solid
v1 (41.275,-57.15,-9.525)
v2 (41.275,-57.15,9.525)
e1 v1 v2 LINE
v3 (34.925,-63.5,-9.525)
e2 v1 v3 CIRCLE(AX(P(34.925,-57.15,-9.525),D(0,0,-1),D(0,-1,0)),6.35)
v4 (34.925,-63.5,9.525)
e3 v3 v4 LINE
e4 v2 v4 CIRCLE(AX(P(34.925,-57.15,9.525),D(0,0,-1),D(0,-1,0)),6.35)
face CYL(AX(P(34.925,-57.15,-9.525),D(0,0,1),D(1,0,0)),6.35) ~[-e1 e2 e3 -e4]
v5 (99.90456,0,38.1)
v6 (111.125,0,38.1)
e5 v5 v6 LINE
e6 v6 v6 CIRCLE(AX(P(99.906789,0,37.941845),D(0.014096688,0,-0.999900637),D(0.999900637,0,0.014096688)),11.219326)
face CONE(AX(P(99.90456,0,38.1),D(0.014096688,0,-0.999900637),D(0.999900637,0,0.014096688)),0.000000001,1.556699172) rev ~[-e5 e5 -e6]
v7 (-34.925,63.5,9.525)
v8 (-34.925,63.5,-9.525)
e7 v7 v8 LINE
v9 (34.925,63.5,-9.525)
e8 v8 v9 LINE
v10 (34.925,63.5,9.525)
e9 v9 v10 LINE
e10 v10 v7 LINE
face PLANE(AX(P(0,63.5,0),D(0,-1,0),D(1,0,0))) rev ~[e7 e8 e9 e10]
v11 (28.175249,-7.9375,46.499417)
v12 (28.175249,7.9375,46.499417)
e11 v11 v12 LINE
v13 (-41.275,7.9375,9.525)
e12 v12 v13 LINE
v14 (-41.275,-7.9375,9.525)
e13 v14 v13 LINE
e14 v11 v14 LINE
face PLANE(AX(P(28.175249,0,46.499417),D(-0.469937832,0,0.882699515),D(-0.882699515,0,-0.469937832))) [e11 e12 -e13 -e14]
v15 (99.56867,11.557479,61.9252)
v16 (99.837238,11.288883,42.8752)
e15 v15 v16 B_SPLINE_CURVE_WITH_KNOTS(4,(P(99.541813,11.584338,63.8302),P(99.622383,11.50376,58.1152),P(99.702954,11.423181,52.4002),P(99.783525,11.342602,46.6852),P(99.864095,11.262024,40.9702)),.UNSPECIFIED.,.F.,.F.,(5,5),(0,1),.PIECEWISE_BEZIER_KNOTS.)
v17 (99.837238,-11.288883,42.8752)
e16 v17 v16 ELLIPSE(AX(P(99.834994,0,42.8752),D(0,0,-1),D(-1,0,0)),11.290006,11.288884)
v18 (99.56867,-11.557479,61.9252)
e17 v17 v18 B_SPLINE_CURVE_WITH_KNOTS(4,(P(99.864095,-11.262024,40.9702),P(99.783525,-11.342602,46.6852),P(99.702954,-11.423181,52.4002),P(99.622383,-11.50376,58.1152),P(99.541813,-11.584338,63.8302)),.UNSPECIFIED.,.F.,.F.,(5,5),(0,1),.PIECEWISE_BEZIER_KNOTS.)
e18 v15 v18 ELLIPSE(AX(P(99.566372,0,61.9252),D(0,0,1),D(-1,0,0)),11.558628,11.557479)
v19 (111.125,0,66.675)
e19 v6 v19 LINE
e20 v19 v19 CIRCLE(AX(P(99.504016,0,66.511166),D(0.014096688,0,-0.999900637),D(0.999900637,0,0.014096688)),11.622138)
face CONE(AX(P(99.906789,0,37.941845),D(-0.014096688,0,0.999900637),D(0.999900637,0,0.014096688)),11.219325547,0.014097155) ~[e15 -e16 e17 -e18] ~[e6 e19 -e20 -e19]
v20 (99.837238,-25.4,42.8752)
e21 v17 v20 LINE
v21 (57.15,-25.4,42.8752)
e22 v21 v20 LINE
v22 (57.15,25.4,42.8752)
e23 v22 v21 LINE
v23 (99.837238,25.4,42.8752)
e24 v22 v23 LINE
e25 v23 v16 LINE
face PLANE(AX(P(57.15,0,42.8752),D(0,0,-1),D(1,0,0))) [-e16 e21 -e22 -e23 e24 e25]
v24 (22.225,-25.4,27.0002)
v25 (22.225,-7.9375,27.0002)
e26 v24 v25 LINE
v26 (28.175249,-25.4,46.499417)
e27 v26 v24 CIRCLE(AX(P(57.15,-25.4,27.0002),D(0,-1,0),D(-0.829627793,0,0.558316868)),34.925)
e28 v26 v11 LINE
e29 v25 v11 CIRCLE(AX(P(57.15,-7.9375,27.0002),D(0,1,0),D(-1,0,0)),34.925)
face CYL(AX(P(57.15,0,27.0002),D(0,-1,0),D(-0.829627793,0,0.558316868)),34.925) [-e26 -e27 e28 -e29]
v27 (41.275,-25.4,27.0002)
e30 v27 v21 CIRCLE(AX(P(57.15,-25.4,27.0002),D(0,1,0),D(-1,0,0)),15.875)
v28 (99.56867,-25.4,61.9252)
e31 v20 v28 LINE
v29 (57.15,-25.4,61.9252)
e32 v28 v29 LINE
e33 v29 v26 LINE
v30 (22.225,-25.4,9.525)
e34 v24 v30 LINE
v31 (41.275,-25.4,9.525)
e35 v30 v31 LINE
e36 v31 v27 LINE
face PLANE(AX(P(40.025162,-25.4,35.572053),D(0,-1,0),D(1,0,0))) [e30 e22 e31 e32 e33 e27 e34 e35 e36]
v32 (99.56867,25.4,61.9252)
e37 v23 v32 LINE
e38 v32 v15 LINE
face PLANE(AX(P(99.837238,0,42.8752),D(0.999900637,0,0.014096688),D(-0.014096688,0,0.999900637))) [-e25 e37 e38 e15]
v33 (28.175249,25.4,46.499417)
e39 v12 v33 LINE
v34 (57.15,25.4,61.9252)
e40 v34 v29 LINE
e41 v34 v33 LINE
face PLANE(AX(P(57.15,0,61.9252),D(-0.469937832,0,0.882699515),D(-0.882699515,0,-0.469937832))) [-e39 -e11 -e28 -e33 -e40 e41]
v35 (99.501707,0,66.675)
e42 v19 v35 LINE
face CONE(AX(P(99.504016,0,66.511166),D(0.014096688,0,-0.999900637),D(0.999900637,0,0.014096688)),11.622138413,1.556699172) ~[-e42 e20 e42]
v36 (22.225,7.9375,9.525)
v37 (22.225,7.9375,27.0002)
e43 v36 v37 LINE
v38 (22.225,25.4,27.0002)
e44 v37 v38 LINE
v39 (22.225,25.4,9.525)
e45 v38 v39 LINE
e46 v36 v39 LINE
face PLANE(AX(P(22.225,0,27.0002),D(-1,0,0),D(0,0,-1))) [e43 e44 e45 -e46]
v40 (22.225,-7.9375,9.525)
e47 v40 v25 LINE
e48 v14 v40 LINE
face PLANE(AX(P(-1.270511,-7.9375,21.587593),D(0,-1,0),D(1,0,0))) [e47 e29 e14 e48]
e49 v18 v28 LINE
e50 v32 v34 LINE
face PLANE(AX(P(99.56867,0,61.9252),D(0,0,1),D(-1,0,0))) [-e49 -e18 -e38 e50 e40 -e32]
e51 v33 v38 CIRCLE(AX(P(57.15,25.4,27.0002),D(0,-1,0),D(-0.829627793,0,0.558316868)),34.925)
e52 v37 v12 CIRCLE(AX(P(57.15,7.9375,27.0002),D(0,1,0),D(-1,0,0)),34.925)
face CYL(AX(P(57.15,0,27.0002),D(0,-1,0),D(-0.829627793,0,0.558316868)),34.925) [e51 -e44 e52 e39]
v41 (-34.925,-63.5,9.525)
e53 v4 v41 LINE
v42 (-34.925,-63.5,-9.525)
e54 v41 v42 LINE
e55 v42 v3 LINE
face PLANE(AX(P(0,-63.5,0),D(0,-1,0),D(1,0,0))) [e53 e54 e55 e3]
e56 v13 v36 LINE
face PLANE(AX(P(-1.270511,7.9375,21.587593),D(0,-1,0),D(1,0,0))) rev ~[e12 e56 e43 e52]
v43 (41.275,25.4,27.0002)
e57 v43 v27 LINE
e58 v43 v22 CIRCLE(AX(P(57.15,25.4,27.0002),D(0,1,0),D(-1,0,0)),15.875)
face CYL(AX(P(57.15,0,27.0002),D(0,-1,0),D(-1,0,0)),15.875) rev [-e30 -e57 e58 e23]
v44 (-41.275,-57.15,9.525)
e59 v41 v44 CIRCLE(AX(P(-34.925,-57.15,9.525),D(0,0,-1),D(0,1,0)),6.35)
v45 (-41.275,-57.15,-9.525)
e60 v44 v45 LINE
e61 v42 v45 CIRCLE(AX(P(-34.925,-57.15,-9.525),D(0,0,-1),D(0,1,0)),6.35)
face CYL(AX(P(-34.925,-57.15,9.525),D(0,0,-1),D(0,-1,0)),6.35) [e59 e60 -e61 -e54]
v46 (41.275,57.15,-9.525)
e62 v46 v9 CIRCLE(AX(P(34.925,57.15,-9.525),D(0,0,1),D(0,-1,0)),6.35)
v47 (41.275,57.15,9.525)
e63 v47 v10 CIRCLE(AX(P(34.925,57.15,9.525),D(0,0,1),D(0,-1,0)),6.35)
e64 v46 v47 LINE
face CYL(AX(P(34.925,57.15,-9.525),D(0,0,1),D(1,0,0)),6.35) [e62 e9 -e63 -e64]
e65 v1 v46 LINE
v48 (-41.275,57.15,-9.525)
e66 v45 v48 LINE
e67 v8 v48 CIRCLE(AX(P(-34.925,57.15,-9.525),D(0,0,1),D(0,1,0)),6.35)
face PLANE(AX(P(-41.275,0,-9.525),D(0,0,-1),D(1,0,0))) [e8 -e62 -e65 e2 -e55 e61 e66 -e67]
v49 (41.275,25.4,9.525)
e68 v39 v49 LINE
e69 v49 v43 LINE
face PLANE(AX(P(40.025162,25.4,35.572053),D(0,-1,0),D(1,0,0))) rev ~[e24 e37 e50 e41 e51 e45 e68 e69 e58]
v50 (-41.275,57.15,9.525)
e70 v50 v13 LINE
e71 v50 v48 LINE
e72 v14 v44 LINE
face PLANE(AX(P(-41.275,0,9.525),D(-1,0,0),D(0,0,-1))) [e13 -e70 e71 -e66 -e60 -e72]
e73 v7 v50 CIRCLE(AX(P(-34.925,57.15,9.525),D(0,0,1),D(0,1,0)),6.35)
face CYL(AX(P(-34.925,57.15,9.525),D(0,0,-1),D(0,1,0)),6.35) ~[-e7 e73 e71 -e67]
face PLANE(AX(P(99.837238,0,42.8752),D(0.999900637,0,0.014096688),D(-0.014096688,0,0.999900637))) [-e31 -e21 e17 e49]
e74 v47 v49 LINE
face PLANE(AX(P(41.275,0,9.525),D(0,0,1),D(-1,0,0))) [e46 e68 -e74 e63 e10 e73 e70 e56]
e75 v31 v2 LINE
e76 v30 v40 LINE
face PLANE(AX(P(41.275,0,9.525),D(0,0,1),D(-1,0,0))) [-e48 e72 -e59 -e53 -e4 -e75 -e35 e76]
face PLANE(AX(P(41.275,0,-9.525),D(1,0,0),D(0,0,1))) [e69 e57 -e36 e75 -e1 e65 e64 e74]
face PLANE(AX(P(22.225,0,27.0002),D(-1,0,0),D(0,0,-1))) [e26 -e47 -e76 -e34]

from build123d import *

# Parameters (mm, degrees)
F1_DEPTH = 63.5
F2_DEPTH = 25.4
F3_DEPTH = 7.9375
F5_R     = 6.35


with BuildPart() as f1:
    # F0 (on Front) → F1 (new body, symmetric)
    with BuildSketch(Plane.XZ):
        Polygon((41.275, -9.525), (41.275, 9.525), (22.225, 9.525), (-41.275, 9.525), (-41.275, -9.525), align=None)
    extrude(amount=F1_DEPTH, both=True)

    # F0 (on Front) → F2 (join, symmetric)
    with BuildSketch(Plane.XZ):
        with BuildLine():
            Line((22.225, 9.525), (41.275, 9.525))
            Line((41.275, 9.525), (41.275, 27.0002))
            ThreePointArc((41.275, 27.0002), (45.9246798487, 38.2255201513), (57.15, 42.8752))
            Line((57.15, 42.8752), (60.325, 42.8752))
            Line((60.325, 42.8752), (60.325, 61.9252))
            Line((60.325, 61.9252), (57.15, 61.9252))
            Line((57.15, 61.9252), (28.1752493255, 46.4994166087))
            ThreePointArc((28.1752493255, 46.4994166087), (23.7456680032, 37.1936404813), (22.225, 27.0002))
            Line((22.225, 27.0002), (22.225, 9.525))
        make_face()
        Polygon((60.325, 61.9252), (60.325, 42.8752), (99.8372383581, 42.8752), (99.5686697629, 61.9252), align=None)
    extrude(amount=F2_DEPTH, both=True)

    # F0 (on Front) → F3 (join, symmetric)
    with BuildSketch(Plane.XZ):
        with BuildLine():
            Line((-41.275, 9.525), (22.225, 9.525))
            Line((22.225, 9.525), (22.225, 27.0002))
            ThreePointArc((22.225, 27.0002), (23.7456680032, 37.1936404813), (28.1752493255, 46.4994166087))
            Line((28.1752493255, 46.4994166087), (-41.275, 9.525))
        make_face()
    extrude(amount=F3_DEPTH, both=True)

    # F0 (on Front) → F4 (revolve)
    with BuildSketch(Plane.XZ):
        Polygon((99.5686697629, 61.9252), (99.8372383581, 42.8752), (99.9045595527, 38.1), (111.125, 38.1), (111.125, 66.675), (99.5017066598, 66.675), align=None)
    revolve(axis=Axis((99.7031331062, 0, 52.3875), (0.0140966882, 0, -0.9999006368)))

    # F5
    f5_edges = [f1.edges().sort_by_distance(p)[0] for p in [
        (41.275, -63.5, 0),
        (-41.275, -63.5, 0),
        (41.275, 63.5, 0),
        (-41.275, 63.5, 0),
    ]]
    fillet(f5_edges, radius=F5_R)


solid = f1.part
